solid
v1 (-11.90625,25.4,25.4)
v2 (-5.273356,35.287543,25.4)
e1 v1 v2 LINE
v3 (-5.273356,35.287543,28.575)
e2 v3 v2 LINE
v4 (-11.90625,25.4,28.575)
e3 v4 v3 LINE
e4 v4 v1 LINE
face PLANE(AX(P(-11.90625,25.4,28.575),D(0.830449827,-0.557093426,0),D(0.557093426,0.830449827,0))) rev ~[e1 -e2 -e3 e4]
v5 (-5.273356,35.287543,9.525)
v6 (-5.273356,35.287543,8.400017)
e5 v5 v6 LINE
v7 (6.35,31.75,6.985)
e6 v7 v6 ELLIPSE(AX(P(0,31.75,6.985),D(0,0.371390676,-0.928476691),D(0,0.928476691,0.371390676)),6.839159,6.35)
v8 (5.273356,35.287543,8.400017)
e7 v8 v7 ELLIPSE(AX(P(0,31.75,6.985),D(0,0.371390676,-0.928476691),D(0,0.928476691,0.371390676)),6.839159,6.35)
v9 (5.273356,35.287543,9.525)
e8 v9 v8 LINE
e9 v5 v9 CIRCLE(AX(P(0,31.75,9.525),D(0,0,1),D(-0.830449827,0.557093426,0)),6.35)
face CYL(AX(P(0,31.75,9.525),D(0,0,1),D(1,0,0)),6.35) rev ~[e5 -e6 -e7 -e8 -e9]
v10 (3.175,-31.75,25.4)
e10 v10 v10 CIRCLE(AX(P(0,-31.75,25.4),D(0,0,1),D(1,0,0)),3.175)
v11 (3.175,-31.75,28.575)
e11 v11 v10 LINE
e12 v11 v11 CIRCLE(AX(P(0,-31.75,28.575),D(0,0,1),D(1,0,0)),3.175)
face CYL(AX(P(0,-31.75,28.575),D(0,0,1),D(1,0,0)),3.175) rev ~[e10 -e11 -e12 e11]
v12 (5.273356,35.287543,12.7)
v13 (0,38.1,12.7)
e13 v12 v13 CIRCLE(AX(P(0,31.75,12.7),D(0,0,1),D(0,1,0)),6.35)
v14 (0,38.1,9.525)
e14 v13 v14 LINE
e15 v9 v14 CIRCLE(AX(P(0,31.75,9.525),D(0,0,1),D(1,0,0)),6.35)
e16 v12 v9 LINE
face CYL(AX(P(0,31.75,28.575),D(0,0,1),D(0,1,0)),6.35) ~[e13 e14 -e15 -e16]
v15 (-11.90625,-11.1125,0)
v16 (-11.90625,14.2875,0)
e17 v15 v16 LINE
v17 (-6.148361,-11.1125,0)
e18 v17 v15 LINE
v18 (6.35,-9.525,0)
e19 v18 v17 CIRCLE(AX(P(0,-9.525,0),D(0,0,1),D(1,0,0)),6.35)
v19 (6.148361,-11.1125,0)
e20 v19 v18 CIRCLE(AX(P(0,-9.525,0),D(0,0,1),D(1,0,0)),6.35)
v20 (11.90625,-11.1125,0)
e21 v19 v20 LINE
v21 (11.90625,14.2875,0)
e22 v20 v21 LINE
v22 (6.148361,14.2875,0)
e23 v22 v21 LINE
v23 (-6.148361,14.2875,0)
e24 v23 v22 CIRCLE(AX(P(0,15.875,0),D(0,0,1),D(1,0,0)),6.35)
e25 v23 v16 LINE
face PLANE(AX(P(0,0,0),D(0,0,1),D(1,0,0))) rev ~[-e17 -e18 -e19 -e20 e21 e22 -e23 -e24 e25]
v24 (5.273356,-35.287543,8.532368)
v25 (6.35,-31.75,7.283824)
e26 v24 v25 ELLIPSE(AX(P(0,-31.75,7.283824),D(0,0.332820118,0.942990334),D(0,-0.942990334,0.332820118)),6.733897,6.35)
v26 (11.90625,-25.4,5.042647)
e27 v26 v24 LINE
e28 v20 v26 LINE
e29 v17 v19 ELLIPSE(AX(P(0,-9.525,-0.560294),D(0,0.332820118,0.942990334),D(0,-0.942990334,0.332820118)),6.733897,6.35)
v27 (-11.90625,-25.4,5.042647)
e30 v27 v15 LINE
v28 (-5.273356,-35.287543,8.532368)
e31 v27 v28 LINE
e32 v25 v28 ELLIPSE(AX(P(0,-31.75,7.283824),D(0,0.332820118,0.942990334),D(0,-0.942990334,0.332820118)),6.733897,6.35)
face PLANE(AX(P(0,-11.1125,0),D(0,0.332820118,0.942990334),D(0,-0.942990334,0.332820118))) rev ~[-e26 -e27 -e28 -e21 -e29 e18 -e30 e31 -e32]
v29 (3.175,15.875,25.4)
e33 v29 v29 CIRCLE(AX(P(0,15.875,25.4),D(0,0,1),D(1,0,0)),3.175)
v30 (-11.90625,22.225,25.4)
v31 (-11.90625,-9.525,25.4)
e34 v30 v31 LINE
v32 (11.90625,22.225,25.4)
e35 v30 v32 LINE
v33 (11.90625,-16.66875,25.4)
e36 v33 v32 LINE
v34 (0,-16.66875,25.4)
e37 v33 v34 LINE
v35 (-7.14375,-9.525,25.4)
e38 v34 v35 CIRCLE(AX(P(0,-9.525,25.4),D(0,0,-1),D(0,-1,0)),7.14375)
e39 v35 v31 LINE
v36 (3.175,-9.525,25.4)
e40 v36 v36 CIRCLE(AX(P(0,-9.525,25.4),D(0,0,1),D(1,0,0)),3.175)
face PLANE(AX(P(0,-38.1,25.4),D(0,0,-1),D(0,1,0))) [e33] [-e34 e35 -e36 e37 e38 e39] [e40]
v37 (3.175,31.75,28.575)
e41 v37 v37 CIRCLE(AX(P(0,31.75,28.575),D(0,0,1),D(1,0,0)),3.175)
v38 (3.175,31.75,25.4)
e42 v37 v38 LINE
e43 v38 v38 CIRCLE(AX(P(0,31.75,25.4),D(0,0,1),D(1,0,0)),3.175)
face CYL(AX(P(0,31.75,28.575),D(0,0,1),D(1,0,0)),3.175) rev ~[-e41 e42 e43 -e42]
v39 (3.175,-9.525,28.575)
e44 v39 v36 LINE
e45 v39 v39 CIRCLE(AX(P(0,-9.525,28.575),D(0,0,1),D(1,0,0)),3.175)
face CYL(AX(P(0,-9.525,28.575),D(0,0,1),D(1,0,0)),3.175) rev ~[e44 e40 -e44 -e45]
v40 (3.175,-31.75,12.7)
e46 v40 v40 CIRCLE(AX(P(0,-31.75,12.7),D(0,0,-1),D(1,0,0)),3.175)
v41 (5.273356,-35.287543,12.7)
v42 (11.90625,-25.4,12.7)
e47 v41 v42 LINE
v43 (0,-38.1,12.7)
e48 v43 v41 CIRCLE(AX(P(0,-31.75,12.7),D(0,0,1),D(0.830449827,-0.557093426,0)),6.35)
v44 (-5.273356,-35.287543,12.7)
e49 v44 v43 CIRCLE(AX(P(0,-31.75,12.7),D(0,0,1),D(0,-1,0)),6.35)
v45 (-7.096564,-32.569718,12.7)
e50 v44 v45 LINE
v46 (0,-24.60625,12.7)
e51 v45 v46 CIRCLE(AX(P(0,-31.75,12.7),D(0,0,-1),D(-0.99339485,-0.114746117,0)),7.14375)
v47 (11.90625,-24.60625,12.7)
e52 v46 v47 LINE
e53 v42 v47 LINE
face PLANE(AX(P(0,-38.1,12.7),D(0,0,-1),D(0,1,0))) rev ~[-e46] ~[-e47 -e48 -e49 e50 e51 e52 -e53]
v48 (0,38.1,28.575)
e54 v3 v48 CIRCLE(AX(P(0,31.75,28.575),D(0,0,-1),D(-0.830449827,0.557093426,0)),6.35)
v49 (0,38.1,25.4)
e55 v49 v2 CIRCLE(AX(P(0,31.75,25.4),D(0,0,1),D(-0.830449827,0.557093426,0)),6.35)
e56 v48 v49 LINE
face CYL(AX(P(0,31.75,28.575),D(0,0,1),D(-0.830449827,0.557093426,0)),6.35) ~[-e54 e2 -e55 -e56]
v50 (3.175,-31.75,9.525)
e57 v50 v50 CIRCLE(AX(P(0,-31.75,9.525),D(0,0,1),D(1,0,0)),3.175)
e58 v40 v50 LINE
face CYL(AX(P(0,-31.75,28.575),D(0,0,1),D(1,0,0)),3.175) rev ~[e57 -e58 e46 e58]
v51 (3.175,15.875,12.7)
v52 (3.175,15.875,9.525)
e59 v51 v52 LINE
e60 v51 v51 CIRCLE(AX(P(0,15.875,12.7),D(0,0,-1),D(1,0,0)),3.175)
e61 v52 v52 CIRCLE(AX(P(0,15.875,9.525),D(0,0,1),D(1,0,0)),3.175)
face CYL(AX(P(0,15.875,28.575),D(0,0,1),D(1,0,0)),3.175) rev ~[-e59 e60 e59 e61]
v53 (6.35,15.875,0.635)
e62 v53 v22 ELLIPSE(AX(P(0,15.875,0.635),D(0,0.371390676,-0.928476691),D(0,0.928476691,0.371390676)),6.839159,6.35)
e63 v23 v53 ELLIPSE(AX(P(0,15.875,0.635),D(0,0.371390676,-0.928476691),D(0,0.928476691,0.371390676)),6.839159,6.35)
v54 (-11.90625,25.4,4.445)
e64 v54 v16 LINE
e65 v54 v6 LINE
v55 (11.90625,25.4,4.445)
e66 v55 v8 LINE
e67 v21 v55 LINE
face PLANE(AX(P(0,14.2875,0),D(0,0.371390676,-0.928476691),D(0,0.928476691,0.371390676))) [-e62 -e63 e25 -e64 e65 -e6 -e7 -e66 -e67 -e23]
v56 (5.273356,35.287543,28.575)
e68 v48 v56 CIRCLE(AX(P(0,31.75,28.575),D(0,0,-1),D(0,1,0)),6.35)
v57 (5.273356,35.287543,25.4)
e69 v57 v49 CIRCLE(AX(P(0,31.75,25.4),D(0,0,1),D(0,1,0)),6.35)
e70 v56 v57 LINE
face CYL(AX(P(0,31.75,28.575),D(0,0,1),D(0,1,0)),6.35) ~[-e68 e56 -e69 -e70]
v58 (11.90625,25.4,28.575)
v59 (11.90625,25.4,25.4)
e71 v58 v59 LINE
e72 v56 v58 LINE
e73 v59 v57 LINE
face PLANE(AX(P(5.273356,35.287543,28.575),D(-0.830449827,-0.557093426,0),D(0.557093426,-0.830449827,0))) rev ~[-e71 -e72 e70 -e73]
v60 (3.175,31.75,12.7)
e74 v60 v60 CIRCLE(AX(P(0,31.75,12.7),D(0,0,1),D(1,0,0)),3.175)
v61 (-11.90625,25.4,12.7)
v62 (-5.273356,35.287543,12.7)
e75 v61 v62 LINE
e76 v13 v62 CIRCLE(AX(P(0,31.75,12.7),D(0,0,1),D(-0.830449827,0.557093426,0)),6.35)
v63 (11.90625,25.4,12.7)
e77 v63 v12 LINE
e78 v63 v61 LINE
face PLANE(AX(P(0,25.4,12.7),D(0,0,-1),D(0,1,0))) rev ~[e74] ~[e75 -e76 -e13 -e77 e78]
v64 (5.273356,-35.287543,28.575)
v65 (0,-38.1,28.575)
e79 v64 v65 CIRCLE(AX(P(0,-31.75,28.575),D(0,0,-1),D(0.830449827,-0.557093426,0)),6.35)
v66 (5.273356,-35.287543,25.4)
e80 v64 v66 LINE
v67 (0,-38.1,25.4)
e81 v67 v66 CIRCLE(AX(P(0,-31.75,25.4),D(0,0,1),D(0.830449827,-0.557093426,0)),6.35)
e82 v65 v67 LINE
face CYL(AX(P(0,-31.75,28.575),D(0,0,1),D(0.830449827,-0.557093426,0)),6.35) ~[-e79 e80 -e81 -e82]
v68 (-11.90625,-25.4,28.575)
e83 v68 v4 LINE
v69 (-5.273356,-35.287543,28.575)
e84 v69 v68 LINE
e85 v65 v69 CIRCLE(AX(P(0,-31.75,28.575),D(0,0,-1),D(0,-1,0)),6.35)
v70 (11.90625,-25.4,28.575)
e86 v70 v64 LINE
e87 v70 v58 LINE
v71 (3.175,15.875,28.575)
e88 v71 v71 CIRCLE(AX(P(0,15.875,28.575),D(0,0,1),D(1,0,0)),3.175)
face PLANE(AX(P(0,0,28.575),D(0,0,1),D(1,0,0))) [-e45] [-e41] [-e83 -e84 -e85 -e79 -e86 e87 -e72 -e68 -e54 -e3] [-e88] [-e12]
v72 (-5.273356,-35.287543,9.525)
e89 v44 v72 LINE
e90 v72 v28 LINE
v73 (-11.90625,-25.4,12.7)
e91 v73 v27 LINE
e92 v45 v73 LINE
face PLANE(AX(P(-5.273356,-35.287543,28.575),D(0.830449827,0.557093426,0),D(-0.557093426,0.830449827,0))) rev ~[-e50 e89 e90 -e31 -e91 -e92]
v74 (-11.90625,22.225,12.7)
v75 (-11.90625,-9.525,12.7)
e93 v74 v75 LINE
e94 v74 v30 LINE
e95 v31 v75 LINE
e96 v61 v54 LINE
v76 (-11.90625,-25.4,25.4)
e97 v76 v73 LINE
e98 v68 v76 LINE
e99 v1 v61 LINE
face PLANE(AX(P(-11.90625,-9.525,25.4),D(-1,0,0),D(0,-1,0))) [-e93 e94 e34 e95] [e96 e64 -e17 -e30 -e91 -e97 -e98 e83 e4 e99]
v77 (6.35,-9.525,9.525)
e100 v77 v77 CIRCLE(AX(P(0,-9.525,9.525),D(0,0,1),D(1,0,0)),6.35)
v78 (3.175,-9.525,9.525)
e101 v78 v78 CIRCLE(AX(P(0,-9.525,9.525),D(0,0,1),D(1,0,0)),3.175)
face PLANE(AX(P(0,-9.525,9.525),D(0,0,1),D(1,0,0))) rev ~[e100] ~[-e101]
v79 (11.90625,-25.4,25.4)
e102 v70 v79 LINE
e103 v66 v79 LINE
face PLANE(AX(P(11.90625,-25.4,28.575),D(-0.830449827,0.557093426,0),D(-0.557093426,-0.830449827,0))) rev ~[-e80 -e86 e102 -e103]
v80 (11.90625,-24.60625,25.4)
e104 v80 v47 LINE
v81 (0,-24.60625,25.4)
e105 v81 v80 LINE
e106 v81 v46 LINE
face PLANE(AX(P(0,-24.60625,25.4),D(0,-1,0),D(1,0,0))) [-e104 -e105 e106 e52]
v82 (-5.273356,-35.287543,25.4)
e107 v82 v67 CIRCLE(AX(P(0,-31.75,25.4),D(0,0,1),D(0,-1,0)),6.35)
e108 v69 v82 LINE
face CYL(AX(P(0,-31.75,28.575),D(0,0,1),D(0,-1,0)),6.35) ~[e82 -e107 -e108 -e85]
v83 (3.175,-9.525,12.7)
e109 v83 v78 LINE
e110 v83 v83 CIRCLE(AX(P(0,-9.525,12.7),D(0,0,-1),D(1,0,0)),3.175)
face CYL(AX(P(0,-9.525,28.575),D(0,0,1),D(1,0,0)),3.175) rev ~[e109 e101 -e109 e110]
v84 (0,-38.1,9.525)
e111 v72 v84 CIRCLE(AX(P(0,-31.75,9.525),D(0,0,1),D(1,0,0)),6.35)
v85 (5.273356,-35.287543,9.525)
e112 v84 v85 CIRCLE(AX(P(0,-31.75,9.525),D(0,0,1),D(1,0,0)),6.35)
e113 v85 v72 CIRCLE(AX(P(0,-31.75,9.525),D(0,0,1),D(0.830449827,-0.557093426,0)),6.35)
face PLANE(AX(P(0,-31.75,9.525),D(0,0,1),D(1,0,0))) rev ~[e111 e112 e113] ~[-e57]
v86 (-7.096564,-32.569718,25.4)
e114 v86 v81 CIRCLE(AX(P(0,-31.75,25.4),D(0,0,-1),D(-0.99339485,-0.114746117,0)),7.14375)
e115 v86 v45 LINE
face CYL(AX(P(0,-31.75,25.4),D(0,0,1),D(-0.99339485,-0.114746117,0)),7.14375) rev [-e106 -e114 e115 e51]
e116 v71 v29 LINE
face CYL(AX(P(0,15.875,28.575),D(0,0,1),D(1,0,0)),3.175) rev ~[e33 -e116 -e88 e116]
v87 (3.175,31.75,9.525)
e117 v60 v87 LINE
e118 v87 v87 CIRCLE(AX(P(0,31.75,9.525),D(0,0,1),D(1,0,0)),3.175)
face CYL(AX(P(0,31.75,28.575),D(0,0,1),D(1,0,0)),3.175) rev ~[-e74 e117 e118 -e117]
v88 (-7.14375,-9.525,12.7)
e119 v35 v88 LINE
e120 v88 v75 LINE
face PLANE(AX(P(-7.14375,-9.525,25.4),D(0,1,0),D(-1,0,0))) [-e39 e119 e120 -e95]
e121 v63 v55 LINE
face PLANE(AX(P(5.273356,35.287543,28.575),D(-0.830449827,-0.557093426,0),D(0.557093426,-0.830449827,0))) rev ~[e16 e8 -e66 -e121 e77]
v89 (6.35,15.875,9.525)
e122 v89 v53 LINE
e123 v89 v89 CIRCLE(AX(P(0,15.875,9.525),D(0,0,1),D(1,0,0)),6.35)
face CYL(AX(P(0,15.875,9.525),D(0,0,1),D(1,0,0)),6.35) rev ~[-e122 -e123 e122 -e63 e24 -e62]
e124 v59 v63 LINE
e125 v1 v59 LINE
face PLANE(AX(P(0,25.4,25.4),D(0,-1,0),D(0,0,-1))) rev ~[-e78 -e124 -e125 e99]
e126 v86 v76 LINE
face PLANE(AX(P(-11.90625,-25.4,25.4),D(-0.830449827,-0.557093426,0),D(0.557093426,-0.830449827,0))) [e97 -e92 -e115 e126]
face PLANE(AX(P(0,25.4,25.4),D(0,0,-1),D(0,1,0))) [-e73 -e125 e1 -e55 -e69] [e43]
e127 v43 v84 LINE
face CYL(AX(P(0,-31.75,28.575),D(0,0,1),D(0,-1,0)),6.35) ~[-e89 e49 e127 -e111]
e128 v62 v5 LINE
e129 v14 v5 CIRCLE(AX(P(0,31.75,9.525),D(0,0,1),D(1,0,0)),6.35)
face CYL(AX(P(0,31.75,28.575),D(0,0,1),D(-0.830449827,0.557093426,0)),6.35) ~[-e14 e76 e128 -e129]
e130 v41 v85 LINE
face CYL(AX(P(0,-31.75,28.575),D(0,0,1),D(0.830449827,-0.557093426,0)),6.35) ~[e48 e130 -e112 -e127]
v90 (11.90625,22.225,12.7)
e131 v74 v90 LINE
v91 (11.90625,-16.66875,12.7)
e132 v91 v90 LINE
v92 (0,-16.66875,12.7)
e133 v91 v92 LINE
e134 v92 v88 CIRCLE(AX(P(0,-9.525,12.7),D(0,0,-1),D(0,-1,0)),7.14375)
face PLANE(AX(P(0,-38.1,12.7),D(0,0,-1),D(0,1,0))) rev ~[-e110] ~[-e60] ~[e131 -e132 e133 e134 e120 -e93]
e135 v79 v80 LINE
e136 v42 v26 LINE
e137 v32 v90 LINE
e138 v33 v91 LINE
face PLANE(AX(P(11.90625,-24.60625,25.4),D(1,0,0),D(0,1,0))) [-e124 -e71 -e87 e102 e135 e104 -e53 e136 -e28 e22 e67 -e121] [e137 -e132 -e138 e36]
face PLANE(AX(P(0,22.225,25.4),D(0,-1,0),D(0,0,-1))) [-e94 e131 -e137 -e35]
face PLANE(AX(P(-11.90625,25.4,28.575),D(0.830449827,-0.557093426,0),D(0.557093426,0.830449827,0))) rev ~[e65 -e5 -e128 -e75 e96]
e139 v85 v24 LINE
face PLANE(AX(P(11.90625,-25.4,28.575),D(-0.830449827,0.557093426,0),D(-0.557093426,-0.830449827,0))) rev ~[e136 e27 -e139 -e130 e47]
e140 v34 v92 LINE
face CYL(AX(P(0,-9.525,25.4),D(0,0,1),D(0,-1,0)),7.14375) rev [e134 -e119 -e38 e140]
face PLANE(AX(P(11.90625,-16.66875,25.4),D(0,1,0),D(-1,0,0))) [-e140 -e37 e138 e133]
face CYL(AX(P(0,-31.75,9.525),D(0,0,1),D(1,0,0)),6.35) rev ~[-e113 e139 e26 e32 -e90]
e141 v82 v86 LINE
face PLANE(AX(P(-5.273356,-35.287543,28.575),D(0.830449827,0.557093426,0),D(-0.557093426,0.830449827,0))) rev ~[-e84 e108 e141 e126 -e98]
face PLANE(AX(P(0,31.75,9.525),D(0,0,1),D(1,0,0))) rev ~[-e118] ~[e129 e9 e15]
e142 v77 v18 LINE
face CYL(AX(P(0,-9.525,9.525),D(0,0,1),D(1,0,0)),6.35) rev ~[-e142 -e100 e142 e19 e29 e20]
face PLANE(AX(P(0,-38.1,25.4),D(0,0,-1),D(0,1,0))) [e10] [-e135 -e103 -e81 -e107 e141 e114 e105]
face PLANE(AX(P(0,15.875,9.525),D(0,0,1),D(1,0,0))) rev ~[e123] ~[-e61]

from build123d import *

# Parameters (mm, degrees)
SKETCH1_W               = 23.8125
SKETCH1_H               = 76.2
BOSS_EXTRUDE1_DEPTH     = 28.575
SKETCH2_R               = 3.175
CUT_EXTRUDE1_DEPTH      = 31.75
SKETCH11_W              = 12.7
SKETCH11_H              = 12.7
SKETCH11_H_2            = 60.325
CUT_EXTRUDE7_DEPTH      = 12.90625
CUT_EXTRUDE7_DEPTH_BACK = 12.90625
BOSS_EXTRUDE3_DEPTH     = 12.7
CUT_EXTRUDE8_START      = -3.175
SKETCH13_R              = 6.35
CUT_EXTRUDE8_DEPTH      = 10.525


with BuildPart() as part:
    # Sketch1 → Boss-Extrude1 (new body)
    with BuildSketch(Plane.XY):
        Rectangle(SKETCH1_W, SKETCH1_H)
    extrude(amount=BOSS_EXTRUDE1_DEPTH)

    # Sketch2 → Cut-Extrude1 (cut)
    with BuildSketch(Plane.XY.offset(28.575)):
        with BuildLine():
            Line((-11.90625, -38.1), (0, -38.1))
            ThreePointArc((0, -38.1), (-2.988235294, -37.352941176), (-5.273356401, -35.287543253))
            Line((-5.273356401, -35.287543253), (-11.90625, -25.4))
            Line((-11.90625, -25.4), (-11.90625, -38.1))
        make_face()
        with BuildLine():
            Line((11.90625, -38.1), (11.90625, -25.4))
            Line((11.90625, -25.4), (5.273356401, -35.287543253))
            ThreePointArc((5.273356401, -35.287543253), (2.988235294, -37.352941176), (0, -38.1))
            Line((0, -38.1), (11.90625, -38.1))
        make_face()
        with BuildLine():
            ThreePointArc((0, 38.1), (2.988235294, 37.352941176), (5.273356401, 35.287543253))
            Line((5.273356401, 35.287543253), (11.90625, 25.4))
            Line((11.90625, 25.4), (11.90625, 38.1))
            Line((11.90625, 38.1), (0, 38.1))
        make_face()
        with BuildLine():
            ThreePointArc((-5.273356401, 35.287543253), (-2.988235294, 37.352941176), (0, 38.1))
            Line((0, 38.1), (-11.90625, 38.1))
            Line((-11.90625, 38.1), (-11.90625, 25.4))
            Line((-11.90625, 25.4), (-5.273356401, 35.287543253))
        make_face()
        with Locations((0, 31.75)):
            Circle(SKETCH2_R)
        with Locations((0, 15.875)):
            Circle(SKETCH2_R)
        with Locations((0, -9.525)):
            Circle(SKETCH2_R)
        with Locations((0, -31.75)):
            Circle(SKETCH2_R)
    extrude(amount=-CUT_EXTRUDE1_DEPTH, mode=Mode.SUBTRACT)

    # Sketch11 → Cut-Extrude7 (cut, two sides)
    with BuildSketch(Plane(origin=(0, 0, 0), x_dir=(0, 0, -1), z_dir=(1, 0, 0))) as cut_extrude7_sk:
        with Locations((-19.05, 31.75)):
            Rectangle(SKETCH11_W, SKETCH11_H)
        with Locations((-19.05, -7.9375)):
            Rectangle(SKETCH11_W, SKETCH11_H_2)
        Polygon((0, 14.2875), (-9.525, 38.1), (0, 38.1), align=None)
        Polygon((0, -11.1125), (-9.525, -38.1), (0, -38.1), align=None)
    extrude(amount=CUT_EXTRUDE7_DEPTH, mode=Mode.SUBTRACT)
    extrude(cut_extrude7_sk.sketch, amount=-CUT_EXTRUDE7_DEPTH_BACK, mode=Mode.SUBTRACT)

    # Sketch12 → Boss-Extrude3 (add)
    with BuildSketch(Plane(origin=(0, 0, 25.4), x_dir=(-1, 0, 0), z_dir=(0, 0, -1))):
        with BuildLine():
            Line((0, -24.60625), (-11.90625, -24.60625))
            Line((-11.90625, -24.60625), (-11.90625, -16.66875))
            Line((-11.90625, -16.66875), (0, -16.66875))
            ThreePointArc((0, -16.66875), (5.051394068, -14.576394068), (7.14375, -9.525))
            Line((7.14375, -9.525), (11.90625, -9.525))
            Line((11.90625, -9.525), (11.90625, -25.4))
            Line((11.90625, -25.4), (7.096564462, -32.569717572))
            ThreePointArc((7.096564462, -32.569717572), (5.333339548, -26.997247815), (0, -24.60625))
        make_face()
    extrude(amount=BOSS_EXTRUDE3_DEPTH)

    # Sketch13 → Cut-Extrude8 (cut, through all)
    with BuildSketch(Plane.XY.offset(12.7).offset(CUT_EXTRUDE8_START)):
        with Locations((0, 31.75)):
            Circle(SKETCH13_R)
        with Locations((0, 15.875)):
            Circle(SKETCH13_R)
        with Locations((0, -9.525)):
            Circle(SKETCH13_R)
        with Locations((0, -31.75)):
            Circle(SKETCH13_R)
    extrude(amount=-CUT_EXTRUDE8_DEPTH, mode=Mode.SUBTRACT)


solid = part.part
